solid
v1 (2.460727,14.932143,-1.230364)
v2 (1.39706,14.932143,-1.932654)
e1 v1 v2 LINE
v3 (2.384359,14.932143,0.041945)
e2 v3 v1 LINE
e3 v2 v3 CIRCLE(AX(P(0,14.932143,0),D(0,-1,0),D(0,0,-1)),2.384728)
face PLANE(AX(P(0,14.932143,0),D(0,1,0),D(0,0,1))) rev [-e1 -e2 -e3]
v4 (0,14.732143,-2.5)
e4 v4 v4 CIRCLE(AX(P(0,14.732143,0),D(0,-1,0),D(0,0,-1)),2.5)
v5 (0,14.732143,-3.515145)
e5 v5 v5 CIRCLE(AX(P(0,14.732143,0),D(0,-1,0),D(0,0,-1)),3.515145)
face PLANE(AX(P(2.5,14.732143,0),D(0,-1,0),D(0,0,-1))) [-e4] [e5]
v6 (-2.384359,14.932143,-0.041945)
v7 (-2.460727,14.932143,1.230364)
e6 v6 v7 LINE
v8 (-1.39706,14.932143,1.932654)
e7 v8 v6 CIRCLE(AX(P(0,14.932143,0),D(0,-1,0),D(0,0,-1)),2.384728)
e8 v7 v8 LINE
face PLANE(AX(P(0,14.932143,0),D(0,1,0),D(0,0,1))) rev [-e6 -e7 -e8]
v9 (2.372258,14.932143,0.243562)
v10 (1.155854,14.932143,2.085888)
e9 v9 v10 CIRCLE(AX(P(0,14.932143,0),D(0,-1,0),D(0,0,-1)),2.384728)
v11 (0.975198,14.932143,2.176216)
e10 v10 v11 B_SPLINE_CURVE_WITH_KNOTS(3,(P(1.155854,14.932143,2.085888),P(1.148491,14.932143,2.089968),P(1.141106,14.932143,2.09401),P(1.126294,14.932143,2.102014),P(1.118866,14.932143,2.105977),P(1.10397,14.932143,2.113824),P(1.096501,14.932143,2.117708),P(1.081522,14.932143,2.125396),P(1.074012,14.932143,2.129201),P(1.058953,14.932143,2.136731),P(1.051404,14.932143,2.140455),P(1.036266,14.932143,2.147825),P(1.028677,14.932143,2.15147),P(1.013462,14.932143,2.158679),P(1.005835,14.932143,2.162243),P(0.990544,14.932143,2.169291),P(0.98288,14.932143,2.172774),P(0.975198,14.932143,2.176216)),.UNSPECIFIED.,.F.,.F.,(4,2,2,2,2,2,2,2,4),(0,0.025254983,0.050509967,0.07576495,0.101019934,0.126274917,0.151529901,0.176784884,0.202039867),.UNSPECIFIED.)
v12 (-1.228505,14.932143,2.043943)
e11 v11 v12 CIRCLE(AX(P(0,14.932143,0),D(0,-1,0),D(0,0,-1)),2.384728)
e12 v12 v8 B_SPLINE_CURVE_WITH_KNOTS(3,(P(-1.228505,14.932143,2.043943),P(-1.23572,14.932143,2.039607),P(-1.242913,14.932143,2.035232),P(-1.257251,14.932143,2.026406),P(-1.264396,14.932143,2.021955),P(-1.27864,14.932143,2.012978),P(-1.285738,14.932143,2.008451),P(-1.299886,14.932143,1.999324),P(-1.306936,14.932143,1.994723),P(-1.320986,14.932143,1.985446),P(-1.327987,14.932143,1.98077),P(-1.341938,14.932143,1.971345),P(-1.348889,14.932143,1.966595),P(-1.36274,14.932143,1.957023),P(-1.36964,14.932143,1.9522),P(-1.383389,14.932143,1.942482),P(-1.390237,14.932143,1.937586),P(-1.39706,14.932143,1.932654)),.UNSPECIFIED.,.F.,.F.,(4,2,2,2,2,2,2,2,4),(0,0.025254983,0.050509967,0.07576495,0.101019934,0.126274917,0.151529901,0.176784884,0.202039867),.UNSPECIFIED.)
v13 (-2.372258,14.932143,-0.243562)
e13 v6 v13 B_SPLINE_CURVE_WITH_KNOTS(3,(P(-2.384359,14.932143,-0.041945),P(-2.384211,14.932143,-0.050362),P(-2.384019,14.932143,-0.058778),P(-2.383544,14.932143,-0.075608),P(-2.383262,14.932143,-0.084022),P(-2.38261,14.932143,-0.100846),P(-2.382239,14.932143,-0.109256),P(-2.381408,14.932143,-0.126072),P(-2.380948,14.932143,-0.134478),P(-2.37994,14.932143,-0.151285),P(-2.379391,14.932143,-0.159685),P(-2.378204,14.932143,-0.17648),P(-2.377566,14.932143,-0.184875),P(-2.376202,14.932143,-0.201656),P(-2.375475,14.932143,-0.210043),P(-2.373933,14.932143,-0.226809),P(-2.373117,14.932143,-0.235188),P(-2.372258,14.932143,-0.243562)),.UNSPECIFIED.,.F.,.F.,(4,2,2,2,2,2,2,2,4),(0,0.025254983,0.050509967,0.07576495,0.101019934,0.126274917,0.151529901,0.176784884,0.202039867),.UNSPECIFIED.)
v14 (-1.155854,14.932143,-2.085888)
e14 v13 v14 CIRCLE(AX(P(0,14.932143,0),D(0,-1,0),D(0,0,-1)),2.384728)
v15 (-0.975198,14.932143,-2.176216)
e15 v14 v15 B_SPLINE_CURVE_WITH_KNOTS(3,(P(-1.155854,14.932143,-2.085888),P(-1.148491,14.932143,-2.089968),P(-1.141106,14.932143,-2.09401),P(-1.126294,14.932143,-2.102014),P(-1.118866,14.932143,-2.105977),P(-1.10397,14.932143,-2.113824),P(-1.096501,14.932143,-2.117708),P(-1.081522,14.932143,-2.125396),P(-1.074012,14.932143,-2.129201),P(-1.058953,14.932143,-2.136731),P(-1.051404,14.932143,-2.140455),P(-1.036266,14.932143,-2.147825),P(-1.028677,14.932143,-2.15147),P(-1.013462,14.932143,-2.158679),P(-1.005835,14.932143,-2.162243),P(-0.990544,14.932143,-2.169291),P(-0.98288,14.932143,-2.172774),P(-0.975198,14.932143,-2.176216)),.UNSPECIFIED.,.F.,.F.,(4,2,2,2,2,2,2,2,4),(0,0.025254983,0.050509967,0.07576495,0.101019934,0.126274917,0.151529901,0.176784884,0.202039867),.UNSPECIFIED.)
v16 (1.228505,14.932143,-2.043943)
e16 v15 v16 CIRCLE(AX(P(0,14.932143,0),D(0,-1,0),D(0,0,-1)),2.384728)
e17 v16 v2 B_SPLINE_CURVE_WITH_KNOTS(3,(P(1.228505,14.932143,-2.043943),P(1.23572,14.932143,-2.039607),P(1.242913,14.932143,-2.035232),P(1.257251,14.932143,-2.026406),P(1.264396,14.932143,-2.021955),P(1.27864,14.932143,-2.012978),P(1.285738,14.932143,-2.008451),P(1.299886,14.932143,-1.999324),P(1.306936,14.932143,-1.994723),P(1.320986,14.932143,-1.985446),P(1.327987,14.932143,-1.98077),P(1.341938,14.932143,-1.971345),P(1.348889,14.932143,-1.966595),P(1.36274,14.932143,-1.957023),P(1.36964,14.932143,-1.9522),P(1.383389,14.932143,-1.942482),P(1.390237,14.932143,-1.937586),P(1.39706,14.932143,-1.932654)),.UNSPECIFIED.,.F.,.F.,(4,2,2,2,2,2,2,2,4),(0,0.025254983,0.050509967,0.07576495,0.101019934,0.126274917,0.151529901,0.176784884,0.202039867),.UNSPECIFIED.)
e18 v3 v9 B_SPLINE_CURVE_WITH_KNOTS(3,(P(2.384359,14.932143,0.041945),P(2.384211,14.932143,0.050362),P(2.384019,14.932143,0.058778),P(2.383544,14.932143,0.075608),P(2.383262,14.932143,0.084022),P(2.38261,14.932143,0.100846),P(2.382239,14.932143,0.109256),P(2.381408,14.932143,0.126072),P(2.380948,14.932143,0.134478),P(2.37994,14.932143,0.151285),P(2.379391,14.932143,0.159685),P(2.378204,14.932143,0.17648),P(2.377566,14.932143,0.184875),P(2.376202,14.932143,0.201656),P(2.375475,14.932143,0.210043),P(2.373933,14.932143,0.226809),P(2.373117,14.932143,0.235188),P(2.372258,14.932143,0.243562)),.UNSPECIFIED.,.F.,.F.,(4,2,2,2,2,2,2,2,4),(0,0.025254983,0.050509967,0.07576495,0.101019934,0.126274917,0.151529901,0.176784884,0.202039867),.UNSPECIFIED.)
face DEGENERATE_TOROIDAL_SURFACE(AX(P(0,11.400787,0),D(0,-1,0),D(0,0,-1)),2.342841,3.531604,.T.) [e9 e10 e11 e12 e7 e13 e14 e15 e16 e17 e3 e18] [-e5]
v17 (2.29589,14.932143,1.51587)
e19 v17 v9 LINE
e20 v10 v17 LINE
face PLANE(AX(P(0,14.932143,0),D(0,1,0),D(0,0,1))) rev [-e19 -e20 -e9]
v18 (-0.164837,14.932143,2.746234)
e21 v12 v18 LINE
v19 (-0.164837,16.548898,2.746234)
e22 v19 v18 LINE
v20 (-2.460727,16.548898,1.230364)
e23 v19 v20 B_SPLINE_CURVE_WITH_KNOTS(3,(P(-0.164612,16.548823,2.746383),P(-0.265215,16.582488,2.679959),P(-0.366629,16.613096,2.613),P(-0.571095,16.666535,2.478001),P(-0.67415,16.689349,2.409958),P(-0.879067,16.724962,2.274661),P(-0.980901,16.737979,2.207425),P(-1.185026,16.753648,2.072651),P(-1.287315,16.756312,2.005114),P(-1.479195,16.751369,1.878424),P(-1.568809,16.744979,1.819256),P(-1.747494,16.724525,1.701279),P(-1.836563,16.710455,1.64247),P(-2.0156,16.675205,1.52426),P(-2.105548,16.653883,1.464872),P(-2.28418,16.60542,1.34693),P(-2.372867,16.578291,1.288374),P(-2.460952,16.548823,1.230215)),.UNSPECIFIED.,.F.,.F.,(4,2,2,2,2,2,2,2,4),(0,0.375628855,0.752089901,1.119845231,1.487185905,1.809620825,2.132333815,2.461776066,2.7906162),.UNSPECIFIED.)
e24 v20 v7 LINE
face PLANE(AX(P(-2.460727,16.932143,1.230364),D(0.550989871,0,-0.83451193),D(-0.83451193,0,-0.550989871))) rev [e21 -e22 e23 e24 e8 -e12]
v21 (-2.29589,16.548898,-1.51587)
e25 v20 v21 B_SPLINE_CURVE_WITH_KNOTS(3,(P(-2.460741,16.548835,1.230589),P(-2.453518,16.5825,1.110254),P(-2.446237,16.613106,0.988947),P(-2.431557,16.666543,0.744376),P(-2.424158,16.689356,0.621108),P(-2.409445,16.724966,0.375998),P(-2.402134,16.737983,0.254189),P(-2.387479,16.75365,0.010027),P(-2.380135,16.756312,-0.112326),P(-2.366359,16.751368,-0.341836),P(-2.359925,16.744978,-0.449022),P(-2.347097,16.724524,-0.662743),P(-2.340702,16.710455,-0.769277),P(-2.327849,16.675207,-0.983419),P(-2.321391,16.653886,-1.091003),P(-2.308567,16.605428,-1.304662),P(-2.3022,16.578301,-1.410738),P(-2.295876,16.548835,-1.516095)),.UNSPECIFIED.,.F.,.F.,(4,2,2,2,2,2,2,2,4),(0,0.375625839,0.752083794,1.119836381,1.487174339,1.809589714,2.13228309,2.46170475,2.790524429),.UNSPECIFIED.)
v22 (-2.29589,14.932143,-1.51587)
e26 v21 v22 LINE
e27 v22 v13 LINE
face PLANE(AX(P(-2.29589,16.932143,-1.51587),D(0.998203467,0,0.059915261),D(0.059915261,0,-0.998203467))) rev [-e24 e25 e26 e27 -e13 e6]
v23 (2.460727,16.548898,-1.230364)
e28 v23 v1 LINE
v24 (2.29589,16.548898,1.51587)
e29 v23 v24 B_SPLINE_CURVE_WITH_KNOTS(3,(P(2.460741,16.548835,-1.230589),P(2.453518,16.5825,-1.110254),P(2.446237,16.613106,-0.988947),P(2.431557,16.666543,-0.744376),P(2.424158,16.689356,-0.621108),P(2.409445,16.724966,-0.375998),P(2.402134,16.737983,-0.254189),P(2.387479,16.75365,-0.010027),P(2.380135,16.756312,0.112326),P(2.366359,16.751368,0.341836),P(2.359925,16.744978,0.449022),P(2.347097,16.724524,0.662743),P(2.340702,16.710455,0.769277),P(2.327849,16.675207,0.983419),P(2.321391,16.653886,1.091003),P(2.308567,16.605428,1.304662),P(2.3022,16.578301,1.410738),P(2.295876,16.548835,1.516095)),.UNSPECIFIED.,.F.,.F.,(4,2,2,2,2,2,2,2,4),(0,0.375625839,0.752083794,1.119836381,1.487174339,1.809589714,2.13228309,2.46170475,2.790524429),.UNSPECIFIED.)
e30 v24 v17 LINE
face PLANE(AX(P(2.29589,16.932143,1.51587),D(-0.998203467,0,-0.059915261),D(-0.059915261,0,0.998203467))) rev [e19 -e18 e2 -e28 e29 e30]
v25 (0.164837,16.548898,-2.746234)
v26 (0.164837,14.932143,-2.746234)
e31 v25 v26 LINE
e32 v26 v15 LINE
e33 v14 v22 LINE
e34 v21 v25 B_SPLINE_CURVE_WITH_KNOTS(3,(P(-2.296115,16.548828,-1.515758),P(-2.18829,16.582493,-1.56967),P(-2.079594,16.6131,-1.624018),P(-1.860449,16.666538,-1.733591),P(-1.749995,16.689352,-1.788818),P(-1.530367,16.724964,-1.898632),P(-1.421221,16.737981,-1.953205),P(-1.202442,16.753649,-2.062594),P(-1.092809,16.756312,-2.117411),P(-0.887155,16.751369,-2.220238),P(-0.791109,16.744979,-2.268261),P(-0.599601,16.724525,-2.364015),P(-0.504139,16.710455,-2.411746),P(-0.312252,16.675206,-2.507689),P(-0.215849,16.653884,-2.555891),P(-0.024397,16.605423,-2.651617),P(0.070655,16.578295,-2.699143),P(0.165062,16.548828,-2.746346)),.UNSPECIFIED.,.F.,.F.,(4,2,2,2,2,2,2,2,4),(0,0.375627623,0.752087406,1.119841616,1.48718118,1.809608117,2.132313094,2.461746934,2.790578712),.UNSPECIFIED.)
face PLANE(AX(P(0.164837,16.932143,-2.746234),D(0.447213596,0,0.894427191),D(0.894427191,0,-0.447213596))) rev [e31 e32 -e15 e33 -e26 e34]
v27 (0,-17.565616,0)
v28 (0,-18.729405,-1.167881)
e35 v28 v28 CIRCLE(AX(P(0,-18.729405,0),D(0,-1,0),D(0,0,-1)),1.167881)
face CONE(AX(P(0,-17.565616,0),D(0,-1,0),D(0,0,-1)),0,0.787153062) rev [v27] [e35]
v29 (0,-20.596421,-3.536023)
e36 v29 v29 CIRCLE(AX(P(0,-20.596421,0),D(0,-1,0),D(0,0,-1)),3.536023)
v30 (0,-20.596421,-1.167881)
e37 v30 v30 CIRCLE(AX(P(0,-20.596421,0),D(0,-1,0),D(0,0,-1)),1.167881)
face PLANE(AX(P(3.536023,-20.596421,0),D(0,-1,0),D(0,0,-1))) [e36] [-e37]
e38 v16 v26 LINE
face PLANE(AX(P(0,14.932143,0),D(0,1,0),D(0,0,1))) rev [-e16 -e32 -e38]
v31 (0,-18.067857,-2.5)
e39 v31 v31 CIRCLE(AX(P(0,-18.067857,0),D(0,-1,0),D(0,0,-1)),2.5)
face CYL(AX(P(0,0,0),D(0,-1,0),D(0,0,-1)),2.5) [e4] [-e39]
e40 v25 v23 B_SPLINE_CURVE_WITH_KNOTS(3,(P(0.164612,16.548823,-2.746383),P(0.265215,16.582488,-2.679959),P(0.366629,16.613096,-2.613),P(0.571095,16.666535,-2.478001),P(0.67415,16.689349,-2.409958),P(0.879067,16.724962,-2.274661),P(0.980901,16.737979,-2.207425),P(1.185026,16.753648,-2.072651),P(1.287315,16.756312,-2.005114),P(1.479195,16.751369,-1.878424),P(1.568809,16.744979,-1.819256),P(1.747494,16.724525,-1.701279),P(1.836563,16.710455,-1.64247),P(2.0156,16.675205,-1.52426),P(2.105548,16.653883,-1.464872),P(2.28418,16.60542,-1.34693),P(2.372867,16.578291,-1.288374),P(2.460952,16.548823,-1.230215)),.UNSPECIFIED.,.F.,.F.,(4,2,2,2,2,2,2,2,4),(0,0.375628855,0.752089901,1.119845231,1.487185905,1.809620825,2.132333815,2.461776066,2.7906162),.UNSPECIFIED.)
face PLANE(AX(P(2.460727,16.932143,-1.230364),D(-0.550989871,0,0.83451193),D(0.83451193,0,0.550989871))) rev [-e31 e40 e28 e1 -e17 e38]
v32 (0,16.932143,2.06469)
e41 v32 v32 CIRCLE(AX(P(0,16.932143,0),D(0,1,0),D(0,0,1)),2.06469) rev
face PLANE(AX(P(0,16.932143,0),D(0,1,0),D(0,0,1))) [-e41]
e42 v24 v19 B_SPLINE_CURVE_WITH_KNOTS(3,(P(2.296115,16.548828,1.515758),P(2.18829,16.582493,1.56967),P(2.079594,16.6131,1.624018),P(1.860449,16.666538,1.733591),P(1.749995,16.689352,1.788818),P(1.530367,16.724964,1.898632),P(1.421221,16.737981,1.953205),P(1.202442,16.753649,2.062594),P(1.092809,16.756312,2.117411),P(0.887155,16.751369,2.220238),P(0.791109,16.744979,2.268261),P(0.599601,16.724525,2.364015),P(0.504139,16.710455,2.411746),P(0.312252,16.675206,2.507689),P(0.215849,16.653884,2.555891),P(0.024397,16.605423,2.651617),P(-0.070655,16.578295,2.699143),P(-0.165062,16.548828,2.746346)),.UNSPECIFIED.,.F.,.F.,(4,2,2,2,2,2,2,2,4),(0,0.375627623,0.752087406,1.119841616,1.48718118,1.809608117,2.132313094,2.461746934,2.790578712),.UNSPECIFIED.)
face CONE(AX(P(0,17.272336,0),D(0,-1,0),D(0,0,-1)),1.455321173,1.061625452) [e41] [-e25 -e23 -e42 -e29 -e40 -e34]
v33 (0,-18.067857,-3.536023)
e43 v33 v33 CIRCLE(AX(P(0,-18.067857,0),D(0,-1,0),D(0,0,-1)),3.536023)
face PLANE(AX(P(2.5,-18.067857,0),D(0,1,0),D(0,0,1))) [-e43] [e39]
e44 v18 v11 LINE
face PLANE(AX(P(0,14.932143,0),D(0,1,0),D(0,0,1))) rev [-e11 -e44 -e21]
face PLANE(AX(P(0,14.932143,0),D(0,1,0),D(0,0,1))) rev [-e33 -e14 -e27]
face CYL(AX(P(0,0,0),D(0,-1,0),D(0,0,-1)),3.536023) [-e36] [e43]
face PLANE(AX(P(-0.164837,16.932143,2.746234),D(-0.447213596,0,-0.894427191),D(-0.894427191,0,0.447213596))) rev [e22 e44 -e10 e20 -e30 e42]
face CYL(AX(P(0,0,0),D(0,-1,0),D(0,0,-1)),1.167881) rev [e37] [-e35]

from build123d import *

# Parameters (mm, degrees)
BOSS_EXTRUDE1_DEPTH = 2


with BuildPart() as part:
    # Sketch1 → Revolve1 (revolve)
    with BuildSketch(Plane.XY, mode=Mode.PRIVATE) as revolve1_sk:
        with BuildLine():
            Line((2.5, 14.732142857), (2.5, -18.067857143))
            Line((2.5, -18.067857143), (3.536022963, -18.067857143))
            Line((3.536022963, -18.067857143), (3.536022963, -20.596420744))
            Line((3.536022963, -20.596420744), (1.167881341, -20.596420744))
            Line((1.167881341, -20.596420744), (1.167881341, -18.729405275))
            Line((1.167881341, -18.729405275), (0, -17.565615784))
            Line((0, -17.565615784), (0, 14.932142857))
            Line((0, 14.932142857), (2.384728147, 14.932142857))
            ThreePointArc((2.384728147, 14.932142857), (2.958117238, 14.87838149), (3.515144703, 14.732142857))
            Line((3.515144703, 14.732142857), (2.5, 14.732142857))
        make_face()
    revolve(revolve1_sk.sketch.rotate(Axis((0, 0, 0), (0, 1, 0)), 90), axis=Axis((0, 0, 0), (0, 1, 0)))

    # Sketch2 → Boss-Extrude1 (add)
    with BuildSketch(Plane(origin=(0, 14.932142857, 0), x_dir=(1, 0, 0), z_dir=(0, 1, 0))):
        Polygon((2.460727115, 1.230363557), (0.164837461, 2.746233972), (-2.295889654, 1.515870415), (-2.460727115, -1.230363557), (-0.164837461, -2.746233972), (2.295889654, -1.515870415), align=None)
    extrude(amount=BOSS_EXTRUDE1_DEPTH)

    # Sketch3 → Cut-Revolve1 (revolve, cut)
    with BuildSketch(Plane.XY, mode=Mode.PRIVATE) as cut_revolve1_sk:
        Polygon((1.455321173, 17.272335871), (3.239619089, 16.276214666), (3.239619089, 17.272335871), align=None)
    revolve(cut_revolve1_sk.sketch.rotate(Axis((0, 14.732142857, 0), (0, 1, 0)), 90), axis=Axis((0, 14.732142857, 0), (0, 1, 0)), mode=Mode.SUBTRACT)


solid = part.part
